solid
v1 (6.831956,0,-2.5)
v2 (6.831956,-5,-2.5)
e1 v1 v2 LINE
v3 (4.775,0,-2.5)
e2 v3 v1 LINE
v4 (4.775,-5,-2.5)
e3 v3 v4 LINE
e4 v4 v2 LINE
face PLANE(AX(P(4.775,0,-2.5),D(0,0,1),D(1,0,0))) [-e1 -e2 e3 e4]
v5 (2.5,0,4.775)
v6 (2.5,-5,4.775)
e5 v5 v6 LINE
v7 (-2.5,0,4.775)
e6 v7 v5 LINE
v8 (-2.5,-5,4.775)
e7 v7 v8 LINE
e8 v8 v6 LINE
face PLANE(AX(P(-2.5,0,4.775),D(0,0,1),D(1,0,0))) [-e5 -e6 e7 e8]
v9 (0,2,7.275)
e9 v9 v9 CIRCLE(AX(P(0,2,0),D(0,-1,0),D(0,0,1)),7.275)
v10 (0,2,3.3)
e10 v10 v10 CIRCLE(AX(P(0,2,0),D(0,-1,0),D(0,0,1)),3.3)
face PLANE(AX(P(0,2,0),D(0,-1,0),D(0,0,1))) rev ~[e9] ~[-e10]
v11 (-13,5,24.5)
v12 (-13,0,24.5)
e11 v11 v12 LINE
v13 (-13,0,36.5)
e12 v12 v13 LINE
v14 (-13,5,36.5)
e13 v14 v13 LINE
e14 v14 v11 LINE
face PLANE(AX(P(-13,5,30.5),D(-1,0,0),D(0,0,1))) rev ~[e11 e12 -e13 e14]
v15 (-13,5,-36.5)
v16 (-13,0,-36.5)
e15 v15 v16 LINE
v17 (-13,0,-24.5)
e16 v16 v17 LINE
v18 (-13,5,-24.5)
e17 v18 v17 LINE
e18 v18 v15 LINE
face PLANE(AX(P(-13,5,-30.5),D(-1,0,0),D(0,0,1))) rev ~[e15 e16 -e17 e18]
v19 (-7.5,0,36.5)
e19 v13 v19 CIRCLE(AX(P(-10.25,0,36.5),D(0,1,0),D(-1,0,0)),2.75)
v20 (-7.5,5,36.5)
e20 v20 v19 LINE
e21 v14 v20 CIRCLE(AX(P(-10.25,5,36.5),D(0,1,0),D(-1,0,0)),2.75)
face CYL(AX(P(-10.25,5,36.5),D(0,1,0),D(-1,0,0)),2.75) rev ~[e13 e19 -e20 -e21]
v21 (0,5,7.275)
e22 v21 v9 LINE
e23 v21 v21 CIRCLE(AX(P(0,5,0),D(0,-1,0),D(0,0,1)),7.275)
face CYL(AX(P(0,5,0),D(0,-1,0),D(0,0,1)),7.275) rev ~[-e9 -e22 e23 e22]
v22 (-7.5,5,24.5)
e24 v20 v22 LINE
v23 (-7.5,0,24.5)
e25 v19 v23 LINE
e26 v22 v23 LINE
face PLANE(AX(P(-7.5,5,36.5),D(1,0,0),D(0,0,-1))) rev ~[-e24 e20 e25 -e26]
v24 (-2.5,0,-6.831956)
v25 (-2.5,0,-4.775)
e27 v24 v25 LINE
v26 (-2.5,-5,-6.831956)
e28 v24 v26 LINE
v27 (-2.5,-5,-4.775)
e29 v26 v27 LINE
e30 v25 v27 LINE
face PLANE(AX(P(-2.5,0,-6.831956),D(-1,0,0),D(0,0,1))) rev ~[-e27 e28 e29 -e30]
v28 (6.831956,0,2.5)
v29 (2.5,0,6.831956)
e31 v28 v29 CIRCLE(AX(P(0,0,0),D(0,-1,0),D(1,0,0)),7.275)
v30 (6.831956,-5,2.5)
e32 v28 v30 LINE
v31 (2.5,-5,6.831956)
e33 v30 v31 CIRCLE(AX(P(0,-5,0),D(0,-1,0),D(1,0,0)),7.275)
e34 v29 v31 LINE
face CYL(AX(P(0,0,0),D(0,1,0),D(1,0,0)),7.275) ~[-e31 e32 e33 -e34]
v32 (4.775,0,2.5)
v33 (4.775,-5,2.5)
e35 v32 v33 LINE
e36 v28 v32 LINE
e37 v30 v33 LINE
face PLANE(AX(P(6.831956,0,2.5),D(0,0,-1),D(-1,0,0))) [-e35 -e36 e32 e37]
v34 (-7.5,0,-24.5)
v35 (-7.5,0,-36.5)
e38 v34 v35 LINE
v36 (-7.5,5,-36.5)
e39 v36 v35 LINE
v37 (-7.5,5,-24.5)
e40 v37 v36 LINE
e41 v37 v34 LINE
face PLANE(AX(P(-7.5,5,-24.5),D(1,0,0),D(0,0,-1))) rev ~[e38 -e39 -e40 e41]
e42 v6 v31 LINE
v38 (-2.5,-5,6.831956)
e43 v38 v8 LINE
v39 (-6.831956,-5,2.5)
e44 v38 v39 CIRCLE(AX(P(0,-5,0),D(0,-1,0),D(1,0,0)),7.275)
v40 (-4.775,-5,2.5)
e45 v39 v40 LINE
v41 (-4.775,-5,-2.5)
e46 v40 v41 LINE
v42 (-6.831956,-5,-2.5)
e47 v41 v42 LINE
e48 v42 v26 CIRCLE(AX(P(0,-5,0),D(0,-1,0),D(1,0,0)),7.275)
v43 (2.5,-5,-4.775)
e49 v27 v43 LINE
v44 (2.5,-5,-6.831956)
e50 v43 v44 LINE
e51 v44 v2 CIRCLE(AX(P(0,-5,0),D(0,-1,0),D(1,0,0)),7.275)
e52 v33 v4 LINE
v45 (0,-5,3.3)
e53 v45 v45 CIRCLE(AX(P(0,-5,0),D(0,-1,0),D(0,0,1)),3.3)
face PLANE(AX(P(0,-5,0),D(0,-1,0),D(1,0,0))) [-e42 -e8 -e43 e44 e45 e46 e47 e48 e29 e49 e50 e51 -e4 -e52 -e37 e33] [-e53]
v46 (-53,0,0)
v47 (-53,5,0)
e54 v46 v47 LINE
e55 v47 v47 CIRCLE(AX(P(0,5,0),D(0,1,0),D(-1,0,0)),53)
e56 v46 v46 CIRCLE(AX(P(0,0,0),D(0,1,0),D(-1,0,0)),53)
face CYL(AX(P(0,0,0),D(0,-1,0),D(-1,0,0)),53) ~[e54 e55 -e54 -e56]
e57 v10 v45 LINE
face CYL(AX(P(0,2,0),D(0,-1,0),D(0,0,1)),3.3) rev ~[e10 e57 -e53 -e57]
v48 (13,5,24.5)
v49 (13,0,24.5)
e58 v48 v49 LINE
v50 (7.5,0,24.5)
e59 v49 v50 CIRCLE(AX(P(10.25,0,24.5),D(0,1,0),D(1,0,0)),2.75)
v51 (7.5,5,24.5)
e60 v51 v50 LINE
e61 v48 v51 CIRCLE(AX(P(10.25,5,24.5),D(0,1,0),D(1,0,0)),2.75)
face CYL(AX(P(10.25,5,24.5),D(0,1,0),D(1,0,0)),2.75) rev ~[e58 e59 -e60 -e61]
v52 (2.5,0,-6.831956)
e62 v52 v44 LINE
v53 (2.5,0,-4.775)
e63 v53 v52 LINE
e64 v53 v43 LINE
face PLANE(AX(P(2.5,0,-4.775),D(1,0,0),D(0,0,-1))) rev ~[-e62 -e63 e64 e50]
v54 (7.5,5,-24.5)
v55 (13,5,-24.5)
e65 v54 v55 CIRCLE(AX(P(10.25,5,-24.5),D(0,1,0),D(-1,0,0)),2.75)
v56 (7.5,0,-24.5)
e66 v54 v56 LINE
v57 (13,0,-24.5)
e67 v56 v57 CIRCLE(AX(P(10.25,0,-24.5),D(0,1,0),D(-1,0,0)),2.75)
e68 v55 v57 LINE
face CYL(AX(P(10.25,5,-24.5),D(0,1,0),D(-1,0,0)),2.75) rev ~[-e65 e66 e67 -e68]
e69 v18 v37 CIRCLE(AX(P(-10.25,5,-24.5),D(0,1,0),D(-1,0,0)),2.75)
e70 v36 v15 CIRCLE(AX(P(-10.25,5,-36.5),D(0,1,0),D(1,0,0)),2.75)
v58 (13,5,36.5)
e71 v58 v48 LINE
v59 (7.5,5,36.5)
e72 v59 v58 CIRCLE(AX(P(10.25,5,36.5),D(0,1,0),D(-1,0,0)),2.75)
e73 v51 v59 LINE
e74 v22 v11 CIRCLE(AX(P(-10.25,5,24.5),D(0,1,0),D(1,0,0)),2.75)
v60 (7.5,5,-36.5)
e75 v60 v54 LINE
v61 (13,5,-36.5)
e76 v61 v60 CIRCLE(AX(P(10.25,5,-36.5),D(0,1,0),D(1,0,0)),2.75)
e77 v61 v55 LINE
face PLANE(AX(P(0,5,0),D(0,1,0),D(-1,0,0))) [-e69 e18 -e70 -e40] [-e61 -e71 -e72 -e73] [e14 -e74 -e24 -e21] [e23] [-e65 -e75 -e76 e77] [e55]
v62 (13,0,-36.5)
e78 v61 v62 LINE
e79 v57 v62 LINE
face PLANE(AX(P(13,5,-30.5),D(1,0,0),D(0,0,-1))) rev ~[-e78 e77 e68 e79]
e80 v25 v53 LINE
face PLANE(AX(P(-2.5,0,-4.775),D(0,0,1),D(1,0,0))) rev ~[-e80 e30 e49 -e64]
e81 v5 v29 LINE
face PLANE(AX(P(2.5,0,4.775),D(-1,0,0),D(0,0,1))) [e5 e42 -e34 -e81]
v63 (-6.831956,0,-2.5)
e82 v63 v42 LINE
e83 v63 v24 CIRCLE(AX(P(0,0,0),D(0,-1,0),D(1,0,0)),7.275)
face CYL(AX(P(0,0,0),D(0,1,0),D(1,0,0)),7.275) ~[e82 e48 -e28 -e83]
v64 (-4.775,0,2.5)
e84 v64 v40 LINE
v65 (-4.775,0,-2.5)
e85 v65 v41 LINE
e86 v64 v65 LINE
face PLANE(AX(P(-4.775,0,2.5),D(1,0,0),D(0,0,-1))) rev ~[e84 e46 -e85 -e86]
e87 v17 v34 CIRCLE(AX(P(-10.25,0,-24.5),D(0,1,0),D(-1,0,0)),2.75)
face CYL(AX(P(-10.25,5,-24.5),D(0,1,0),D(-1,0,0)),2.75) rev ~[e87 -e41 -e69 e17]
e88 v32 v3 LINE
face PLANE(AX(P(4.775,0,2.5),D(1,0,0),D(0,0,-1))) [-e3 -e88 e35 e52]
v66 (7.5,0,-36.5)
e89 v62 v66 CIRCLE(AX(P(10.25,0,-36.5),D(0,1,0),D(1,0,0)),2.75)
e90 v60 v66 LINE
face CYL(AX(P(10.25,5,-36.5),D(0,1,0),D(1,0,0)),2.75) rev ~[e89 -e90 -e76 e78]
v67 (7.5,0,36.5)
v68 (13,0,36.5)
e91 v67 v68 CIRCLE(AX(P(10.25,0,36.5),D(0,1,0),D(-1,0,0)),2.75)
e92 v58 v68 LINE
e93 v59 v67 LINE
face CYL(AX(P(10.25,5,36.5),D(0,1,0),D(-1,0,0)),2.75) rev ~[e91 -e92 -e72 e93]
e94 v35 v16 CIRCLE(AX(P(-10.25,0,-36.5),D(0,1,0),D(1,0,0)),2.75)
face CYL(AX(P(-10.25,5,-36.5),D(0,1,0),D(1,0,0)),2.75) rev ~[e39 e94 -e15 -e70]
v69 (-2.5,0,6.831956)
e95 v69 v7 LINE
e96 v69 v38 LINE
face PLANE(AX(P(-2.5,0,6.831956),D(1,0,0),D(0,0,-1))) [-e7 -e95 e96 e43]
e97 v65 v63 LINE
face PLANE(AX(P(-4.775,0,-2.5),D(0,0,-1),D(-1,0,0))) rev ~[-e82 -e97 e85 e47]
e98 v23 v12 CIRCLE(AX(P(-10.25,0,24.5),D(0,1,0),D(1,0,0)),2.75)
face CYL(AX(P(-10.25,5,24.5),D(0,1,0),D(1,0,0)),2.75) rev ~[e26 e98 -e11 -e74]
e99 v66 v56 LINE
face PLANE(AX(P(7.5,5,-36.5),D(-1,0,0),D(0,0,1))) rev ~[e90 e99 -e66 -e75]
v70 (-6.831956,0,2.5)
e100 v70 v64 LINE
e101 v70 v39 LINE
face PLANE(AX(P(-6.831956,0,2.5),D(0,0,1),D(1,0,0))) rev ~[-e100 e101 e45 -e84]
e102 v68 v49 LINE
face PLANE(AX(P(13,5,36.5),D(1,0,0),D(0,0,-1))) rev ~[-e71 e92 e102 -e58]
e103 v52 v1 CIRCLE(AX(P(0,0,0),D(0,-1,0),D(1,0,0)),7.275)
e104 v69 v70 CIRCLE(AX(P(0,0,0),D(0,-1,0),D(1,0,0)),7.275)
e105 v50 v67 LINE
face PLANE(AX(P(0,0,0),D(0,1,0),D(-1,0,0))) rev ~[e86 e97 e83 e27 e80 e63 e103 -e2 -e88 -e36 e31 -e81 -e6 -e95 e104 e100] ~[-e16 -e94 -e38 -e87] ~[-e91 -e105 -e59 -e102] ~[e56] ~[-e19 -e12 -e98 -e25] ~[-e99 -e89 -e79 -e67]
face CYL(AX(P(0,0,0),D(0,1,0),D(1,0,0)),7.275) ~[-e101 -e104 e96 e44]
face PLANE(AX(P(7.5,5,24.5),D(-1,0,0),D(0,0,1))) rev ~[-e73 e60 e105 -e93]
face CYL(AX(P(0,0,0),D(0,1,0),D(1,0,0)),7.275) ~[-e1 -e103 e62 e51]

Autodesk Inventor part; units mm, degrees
ref_plane "YZ Plane" through (0, 0, 0) normal (1, 0, 0) x (0, 1, 0)
ref_plane "XZ Plane" through (0, 0, 0) normal (0, 1, 0) x (-1, 0, 0)
ref_plane "XY Plane" through (0, 0, 0) normal (0, 0, 1) x (1, 0, 0)
sketch "Sketch1" plane through (0, 0, 0) normal (0, 1, 0) x (-1, 0, 0)
  circle A0 centre (0, 0) radius 53
  dimension "d0" = 106
extrude "Extrusion1" add sketch "Sketch1" along normal blind 5
sketch "Sketch2" plane through (0, 5, 0) normal (0, 1, 0) x (1, 0, 0)
  line L0 (13, -30.5) -> (13, 30.5) construction
  line L1 (13, 30.5) -> (-13, 30.5) construction
  line L2 (-13, 30.5) -> (-13, -30.5) construction
  line L3 (-13, -30.5) -> (13, -30.5) construction
  line L4 (13, -30.5) -> (-13, 30.5) construction
  line L5 (13, 30.5) -> (-13, -30.5) construction
  line L6 (-13, -30.5) -> (-10.25, -30.5)
  line L7 (-13, 30.5) -> (-10.25, 30.5)
  line L8 (13, -30.5) -> (10.25, -30.5) construction
  line L9 (13, 30.5) -> (10.25, 30.5)
  line L10 (10.25, -36.5) -> (10.25, -24.5) construction
  line L11 (13, -36.5) -> (13, -24.5)
  line L12 (7.5, -24.5) -> (7.5, -36.5)
  arc A0 (7.5, -36.5) -> (13, -36.5) centre (10.25, -36.5) ccw
  arc A1 (13, -24.5) -> (7.5, -24.5) centre (10.25, -24.5) ccw
  line L13 (-7.5, -36.5) -> (-7.5, -24.5)
  line L14 (-13, -24.5) -> (-13, -36.5)
  arc A2 (-13, -36.5) -> (-7.5, -36.5) centre (-10.25, -36.5) ccw
  arc A3 (-7.5, -24.5) -> (-13, -24.5) centre (-10.25, -24.5) ccw
  line L15 (13, 24.5) -> (13, 36.5)
  line L16 (7.5, 36.5) -> (7.5, 24.5)
  arc A4 (7.5, 24.5) -> (13, 24.5) centre (10.25, 24.5) ccw
  arc A5 (13, 36.5) -> (7.5, 36.5) centre (10.25, 36.5) ccw
  line L17 (-7.5, 24.5) -> (-7.5, 36.5)
  line L18 (-13, 36.5) -> (-13, 24.5)
  arc A6 (-13, 24.5) -> (-7.5, 24.5) centre (-10.25, 24.5) ccw
  arc A7 (-7.5, 36.5) -> (-13, 36.5) centre (-10.25, 36.5) ccw
  point P0 (0, 0)
  point P1 (0, 0)
  dimension "d3" = 61
  dimension "d4" = 26
  dimension "d5" = 2.75
  dimension "d6" = 2.75
  dimension "d7" = 2.75
  dimension "d8" = 2.75
  dimension "d9" = 6
  dimension "d10" = 5.5
  dimension "d11" = 6
  dimension "d12" = 5.5
  dimension "d13" = 6
  dimension "d14" = 5.5
  dimension "d15" = 6
  dimension "d16" = 5.5
extrude "Extrusion2" cut sketch "Sketch2" against normal through all
sketch "Sketch3" plane through (0, 0, 0) normal (0, -1, 0) x (1, 0, 0)
  circle A0 centre (0, 0) radius 7.275
  line L0 (7.275, 0) -> (-7.275, 0) construction
  line L1 (0, 7.275) -> (0, -7.275) construction
  line L2 (9.775, 2.5) -> (4.775, 2.5)
  line L3 (4.775, 2.5) -> (4.775, -2.5)
  line L4 (4.775, -2.5) -> (9.775, -2.5)
  line L5 (9.775, -2.5) -> (9.775, 2.5)
  line L6 (9.775, 2.5) -> (4.775, -2.5) construction
  line L7 (4.775, 2.5) -> (9.775, -2.5) construction
  line L8 (2.5, 9.775) -> (-2.5, 9.775)
  line L9 (-2.5, 9.775) -> (-2.5, 4.775)
  line L10 (-2.5, 4.775) -> (2.5, 4.775)
  line L11 (2.5, 4.775) -> (2.5, 9.775)
  line L12 (2.5, 9.775) -> (-2.5, 4.775) construction
  line L13 (-2.5, 9.775) -> (2.5, 4.775) construction
  line L14 (-9.775, 2.5) -> (-4.775, 2.5)
  line L15 (-4.775, 2.5) -> (-4.775, -2.5)
  line L16 (-4.775, -2.5) -> (-9.775, -2.5)
  line L17 (-9.775, -2.5) -> (-9.775, 2.5)
  line L18 (-9.775, 2.5) -> (-4.775, -2.5) construction
  line L19 (-4.775, 2.5) -> (-9.775, -2.5) construction
  line L20 (-2.5, -4.775) -> (2.5, -4.775)
  line L21 (2.5, -4.775) -> (2.5, -9.775)
  line L22 (2.5, -9.775) -> (-2.5, -9.775)
  line L23 (-2.5, -9.775) -> (-2.5, -4.775)
  line L24 (-2.5, -4.775) -> (2.5, -9.775) construction
  line L25 (2.5, -4.775) -> (-2.5, -9.775) construction
  point P0 (6.832, 2.5)
  point P1 (2.5, 6.832)
  point P2 (-2.5, 6.832)
  point P3 (-6.832, 2.5)
  point P4 (-6.832, -2.5)
  point P5 (-2.5, -6.832)
  point P6 (2.5, -6.832)
  point P7 (6.832, -2.5)
  dimension "d20" = 14.55
  dimension "d21" = 5
  dimension "d22" = 5
  dimension "d23" = 5
  dimension "d24" = 5
  dimension "d25" = 5
  dimension "d26" = 5
  dimension "d27" = 5
  dimension "d28" = 5
extrude "Extrusion3" add sketch "Sketch3" along normal blind 5 contours L2 L3 L4 A0 L21 L20 L23 L16 L15 L14 L9 L10 L11
hole "Hole1" at (0, 5, 0) direction (0, -1, 0) diameter 6.6 end through all counterbore diameter 14.55 counterbore depth 3 clearance for "Hex Head Bolt" size "M6" standard "Ansi Metric M Profile"
properties part number "BaseGear" material "ABS Plastic"
